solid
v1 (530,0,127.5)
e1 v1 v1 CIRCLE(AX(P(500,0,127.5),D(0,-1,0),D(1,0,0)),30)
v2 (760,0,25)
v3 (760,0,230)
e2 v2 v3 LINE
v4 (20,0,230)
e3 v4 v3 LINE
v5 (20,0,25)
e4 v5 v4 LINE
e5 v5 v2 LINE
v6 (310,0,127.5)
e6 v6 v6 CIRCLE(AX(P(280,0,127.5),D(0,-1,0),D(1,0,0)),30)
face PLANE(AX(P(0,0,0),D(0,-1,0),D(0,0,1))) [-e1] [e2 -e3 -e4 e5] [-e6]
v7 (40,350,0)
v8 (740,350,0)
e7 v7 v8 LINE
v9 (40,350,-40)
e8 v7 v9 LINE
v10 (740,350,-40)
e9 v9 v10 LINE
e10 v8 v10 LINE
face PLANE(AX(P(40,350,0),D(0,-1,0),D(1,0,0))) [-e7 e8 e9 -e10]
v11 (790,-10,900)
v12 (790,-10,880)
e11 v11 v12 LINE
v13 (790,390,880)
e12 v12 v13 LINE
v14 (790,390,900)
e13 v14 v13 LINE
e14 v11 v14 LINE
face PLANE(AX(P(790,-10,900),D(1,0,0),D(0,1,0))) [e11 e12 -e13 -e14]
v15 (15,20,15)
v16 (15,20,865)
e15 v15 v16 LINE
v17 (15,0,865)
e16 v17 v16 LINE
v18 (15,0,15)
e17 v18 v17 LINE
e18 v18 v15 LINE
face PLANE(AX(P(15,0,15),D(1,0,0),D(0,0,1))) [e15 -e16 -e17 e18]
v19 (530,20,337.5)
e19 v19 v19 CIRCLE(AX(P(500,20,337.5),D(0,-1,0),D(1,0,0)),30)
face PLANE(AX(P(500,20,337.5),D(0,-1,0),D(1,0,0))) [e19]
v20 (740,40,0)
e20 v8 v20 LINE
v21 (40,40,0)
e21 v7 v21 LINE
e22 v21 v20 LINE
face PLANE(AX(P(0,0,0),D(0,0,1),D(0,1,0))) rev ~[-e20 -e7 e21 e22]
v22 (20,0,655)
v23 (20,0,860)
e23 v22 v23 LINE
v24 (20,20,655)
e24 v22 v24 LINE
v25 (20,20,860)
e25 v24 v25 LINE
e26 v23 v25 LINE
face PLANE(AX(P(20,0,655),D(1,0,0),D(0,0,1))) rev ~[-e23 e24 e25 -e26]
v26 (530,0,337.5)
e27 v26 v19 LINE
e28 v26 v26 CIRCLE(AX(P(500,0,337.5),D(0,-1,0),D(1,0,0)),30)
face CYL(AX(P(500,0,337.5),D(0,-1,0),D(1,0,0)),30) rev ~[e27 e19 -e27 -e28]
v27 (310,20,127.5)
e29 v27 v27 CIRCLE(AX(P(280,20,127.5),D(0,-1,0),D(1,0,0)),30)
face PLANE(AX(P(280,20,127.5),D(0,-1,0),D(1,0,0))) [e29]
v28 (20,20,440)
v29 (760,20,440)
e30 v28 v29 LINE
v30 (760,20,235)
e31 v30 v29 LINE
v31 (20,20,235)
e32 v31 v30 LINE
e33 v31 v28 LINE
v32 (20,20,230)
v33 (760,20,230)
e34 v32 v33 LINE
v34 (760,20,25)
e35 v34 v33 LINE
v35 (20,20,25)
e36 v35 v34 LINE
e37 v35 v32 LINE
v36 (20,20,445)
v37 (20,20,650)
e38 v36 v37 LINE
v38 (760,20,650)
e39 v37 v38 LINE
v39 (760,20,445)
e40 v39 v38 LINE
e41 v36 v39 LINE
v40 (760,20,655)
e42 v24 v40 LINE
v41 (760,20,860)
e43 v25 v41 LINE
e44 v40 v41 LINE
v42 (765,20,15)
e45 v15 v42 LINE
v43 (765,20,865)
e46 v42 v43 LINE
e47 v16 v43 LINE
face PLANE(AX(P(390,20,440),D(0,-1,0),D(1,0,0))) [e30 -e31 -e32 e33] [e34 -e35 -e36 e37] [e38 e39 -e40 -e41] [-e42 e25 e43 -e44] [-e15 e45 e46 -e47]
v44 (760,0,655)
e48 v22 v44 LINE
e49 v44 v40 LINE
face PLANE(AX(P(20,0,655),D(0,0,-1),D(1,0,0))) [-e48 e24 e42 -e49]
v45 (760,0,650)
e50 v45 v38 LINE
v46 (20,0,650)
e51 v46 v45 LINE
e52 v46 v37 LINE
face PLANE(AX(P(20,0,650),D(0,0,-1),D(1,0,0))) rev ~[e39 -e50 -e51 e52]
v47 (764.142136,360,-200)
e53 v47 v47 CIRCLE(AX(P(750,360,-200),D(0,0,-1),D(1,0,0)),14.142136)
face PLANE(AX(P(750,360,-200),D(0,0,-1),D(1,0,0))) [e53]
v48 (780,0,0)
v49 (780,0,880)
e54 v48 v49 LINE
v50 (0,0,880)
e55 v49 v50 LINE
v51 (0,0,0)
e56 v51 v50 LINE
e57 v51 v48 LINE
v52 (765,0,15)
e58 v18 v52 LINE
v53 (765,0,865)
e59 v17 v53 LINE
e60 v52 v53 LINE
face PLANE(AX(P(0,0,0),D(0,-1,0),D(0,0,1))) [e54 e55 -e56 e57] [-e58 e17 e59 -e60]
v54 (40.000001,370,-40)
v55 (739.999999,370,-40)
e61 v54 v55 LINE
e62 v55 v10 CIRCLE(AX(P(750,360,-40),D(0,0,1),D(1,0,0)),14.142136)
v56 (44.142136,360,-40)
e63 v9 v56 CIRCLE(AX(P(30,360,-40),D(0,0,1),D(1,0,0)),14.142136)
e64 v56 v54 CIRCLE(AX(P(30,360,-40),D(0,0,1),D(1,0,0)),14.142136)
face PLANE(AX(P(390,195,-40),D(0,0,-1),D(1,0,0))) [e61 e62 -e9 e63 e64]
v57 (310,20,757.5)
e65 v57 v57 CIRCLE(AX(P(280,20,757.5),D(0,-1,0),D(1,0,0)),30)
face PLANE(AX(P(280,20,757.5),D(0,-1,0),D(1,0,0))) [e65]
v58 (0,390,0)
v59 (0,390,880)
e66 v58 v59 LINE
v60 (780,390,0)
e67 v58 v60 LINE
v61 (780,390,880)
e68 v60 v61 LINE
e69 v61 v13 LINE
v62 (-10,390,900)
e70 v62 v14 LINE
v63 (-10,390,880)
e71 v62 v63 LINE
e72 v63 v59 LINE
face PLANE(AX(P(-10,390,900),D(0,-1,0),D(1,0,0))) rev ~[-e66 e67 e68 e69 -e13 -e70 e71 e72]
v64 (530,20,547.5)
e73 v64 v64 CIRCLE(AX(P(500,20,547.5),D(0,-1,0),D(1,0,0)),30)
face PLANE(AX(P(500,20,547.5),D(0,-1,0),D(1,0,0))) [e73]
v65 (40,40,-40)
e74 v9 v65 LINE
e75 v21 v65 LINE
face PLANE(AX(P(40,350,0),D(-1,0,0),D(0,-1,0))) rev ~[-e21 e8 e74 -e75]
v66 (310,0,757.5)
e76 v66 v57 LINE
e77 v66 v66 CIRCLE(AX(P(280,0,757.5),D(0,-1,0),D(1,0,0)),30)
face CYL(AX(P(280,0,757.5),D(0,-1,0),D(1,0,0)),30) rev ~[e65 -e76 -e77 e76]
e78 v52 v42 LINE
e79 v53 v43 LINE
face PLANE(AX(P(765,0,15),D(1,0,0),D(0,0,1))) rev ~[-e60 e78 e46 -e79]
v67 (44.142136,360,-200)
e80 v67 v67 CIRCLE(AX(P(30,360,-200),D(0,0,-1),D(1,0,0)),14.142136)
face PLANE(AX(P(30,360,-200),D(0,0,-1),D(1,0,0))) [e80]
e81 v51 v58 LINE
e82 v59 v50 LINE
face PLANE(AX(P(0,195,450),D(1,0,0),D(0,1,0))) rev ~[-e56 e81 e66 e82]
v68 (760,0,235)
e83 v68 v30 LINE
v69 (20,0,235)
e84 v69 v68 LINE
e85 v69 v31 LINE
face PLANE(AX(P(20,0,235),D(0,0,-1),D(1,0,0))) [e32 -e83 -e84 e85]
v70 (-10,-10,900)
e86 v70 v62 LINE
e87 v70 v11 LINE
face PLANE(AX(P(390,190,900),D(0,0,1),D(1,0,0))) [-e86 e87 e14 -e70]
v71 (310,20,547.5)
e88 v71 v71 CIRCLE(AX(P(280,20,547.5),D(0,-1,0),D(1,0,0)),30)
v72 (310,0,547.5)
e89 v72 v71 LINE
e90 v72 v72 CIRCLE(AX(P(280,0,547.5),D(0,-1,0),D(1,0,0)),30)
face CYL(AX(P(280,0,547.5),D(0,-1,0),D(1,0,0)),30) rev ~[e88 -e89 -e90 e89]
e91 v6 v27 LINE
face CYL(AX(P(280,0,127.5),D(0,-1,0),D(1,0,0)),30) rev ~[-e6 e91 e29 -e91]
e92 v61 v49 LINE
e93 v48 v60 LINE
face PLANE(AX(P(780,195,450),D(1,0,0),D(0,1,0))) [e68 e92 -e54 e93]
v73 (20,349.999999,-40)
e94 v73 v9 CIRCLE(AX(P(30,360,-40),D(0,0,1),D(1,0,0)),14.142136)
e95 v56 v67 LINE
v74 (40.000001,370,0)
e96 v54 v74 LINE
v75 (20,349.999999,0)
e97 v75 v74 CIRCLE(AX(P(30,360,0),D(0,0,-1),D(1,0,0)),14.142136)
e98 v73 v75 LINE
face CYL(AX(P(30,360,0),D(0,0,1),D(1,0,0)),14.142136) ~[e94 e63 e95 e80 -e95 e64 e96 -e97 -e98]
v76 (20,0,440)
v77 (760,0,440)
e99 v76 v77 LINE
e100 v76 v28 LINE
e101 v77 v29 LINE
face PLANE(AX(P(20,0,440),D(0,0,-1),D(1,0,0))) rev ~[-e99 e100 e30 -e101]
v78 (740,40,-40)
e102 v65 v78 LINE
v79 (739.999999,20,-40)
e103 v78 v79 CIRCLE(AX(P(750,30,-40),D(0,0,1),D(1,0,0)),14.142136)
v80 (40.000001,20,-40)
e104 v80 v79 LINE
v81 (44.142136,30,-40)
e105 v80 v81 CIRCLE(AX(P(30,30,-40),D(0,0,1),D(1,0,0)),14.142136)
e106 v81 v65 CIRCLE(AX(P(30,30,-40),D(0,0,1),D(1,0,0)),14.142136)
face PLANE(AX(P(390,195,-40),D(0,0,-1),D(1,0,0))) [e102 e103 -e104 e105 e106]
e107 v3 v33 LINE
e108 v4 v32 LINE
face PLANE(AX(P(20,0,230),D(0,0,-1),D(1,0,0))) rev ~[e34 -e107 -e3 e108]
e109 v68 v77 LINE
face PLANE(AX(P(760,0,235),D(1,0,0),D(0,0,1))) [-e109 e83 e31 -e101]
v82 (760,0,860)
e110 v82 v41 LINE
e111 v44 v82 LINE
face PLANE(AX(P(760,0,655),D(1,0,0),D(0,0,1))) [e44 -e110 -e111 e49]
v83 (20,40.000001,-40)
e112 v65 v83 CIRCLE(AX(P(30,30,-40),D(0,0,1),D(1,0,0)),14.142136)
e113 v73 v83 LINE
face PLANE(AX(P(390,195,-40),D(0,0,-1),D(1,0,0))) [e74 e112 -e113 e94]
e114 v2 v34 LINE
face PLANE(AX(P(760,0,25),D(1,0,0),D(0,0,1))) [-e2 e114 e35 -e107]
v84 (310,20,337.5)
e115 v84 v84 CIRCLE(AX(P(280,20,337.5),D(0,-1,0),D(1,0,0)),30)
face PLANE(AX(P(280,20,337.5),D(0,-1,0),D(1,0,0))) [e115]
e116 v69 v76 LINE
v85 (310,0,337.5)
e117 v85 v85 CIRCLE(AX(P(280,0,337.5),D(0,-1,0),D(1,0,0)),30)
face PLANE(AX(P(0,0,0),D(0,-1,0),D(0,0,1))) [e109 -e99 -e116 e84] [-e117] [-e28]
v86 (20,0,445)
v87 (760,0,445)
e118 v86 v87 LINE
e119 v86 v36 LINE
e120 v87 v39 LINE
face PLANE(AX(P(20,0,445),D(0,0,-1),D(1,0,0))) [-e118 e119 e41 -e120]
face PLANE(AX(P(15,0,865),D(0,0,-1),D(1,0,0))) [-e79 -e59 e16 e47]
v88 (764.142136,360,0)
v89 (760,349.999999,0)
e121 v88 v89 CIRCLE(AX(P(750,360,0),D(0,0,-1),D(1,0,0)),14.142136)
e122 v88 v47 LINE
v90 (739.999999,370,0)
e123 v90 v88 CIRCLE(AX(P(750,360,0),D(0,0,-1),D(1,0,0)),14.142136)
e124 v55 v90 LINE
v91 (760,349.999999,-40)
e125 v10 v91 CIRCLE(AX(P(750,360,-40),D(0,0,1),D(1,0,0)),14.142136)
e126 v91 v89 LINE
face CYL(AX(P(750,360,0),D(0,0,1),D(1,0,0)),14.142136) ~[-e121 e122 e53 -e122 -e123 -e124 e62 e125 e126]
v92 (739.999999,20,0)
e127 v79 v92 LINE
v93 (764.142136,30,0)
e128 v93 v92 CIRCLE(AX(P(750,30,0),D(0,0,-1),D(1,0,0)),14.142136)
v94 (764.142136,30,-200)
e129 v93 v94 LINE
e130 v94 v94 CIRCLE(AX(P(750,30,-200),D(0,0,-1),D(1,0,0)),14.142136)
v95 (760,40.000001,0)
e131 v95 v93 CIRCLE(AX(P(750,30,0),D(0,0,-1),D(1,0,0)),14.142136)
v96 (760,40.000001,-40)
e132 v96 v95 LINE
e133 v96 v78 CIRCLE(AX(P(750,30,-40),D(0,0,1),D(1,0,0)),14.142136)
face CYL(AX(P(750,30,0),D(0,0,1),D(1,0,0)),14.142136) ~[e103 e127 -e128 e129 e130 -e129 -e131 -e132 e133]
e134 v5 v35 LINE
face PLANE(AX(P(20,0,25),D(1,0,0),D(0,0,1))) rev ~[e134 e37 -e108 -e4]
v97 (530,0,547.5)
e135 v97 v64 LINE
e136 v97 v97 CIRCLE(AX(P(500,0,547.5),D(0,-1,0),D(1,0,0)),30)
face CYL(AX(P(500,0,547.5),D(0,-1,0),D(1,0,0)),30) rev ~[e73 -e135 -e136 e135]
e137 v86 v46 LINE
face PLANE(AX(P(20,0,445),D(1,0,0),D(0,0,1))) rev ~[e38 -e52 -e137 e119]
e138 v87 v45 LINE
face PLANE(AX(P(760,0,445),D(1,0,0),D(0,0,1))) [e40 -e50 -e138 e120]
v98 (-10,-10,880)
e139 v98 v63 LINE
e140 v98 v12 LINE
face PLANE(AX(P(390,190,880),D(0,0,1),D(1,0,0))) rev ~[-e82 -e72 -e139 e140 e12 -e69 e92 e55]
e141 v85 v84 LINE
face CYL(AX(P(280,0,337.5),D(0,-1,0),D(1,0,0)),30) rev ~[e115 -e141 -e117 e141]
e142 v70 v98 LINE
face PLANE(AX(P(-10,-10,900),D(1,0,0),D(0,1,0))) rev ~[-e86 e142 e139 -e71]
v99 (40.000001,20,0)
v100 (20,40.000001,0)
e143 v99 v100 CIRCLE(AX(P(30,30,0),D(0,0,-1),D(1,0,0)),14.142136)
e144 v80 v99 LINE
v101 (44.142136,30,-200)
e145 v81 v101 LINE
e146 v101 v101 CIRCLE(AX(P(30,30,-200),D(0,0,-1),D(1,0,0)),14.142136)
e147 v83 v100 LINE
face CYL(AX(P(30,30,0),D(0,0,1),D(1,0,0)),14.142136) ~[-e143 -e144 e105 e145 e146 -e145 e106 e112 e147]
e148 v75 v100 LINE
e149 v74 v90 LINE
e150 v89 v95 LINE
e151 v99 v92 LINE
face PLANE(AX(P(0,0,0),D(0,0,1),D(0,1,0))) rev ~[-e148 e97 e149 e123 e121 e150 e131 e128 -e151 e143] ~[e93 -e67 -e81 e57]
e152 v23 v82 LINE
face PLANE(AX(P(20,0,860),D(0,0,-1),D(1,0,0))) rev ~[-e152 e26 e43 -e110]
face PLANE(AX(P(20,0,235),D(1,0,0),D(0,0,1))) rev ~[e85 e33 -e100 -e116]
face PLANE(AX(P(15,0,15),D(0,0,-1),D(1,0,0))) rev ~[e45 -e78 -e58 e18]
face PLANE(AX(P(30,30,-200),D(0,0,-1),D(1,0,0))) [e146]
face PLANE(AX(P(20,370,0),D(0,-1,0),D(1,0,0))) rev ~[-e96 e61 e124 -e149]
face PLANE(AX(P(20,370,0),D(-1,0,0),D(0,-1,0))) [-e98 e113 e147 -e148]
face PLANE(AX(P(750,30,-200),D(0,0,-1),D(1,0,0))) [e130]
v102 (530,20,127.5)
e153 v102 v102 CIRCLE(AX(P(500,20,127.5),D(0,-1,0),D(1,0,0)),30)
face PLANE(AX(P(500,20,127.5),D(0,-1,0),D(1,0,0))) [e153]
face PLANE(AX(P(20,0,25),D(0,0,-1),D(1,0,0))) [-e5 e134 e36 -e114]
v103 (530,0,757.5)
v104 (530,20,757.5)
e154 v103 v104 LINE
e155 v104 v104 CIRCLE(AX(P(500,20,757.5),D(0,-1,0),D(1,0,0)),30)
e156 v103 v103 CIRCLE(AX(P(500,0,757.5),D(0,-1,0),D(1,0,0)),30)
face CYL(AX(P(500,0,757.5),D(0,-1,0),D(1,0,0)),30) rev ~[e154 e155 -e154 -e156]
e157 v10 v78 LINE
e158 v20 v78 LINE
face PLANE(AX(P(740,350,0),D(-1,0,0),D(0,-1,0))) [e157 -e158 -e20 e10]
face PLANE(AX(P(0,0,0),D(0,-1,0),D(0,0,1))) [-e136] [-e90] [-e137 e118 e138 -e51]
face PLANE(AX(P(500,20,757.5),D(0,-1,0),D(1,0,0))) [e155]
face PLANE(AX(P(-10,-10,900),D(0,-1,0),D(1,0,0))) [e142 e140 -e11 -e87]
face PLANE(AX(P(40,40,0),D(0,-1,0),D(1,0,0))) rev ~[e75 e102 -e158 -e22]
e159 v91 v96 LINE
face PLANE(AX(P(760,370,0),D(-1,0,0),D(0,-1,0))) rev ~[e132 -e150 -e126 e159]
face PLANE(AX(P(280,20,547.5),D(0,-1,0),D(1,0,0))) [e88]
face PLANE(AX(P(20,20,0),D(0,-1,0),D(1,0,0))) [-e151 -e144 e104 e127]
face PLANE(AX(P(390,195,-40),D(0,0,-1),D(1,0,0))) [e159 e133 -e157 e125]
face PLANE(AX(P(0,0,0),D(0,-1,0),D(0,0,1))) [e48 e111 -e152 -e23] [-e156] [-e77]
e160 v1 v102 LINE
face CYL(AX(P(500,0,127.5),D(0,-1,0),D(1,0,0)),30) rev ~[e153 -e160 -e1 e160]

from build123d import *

# Parameters (mm, degrees)
F0_W     = 390
F0_H     = 900
F1_DEPTH = 780
F2_W     = 800
F2_H     = 400
F3_DEPTH = 20
F4_W     = 750
F4_H     = 850
F4_W_2   = 740
F4_H_2   = 205
F4_R     = 30
F5_DEPTH = 20
F6_W     = 740
F6_H     = 350
F6_W_2   = 700
F6_H_2   = 310
F7_DEPTH = 40
F8_R     = 14.142136
F9_DEPTH = 200


with BuildPart() as f1:
    # F0 (on Right) → F1 (new body)
    with BuildSketch(Plane.YZ):
        with Locations((195, 450)):
            Rectangle(F0_W, F0_H)
    extrude(amount=F1_DEPTH)

    # F2 (on face) → F3 (join)
    with BuildSketch(Plane.XY.offset(900)):
        with Locations((390, 190)):
            Rectangle(F2_W, F2_H)
    extrude(amount=-F3_DEPTH)

    # F4 (on face) → F5 (cut)
    with BuildSketch(Plane.XZ):
        with Locations((390, 440)):
            Rectangle(F4_W, F4_H)
        with Locations((390, 127.5)):
            Rectangle(F4_W_2, F4_H_2, mode=Mode.SUBTRACT)
        with Locations((390, 337.5)):
            Rectangle(F4_W_2, F4_H_2, mode=Mode.SUBTRACT)
        with Locations((390, 547.5)):
            Rectangle(F4_W_2, F4_H_2, mode=Mode.SUBTRACT)
        with Locations((390, 757.5)):
            Rectangle(F4_W_2, F4_H_2, mode=Mode.SUBTRACT)
        with Locations((280, 757.5)):
            Circle(F4_R)
        with Locations((500, 757.5)):
            Circle(F4_R)
        with Locations((280, 547.5)):
            Circle(F4_R)
        with Locations((500, 547.5)):
            Circle(F4_R)
        with Locations((280, 337.5)):
            Circle(F4_R)
        with Locations((500, 337.5)):
            Circle(F4_R)
        with Locations((280, 127.5)):
            Circle(F4_R)
        with Locations((500, 127.5)):
            Circle(F4_R)
    extrude(amount=-F5_DEPTH, mode=Mode.SUBTRACT)

    # F6 (on face) → F7 (join)
    with BuildSketch(Plane(origin=(0, 0, 0), x_dir=(1, 0, 0), z_dir=(0, 0, -1))):
        with Locations((390, -195)):
            Rectangle(F6_W, F6_H)
        with Locations((390, -195)):
            Rectangle(F6_W_2, F6_H_2, mode=Mode.SUBTRACT)
    extrude(amount=F7_DEPTH)

    # F8 (on face) → F9 (join)
    with BuildSketch(Plane(origin=(0, 0, 0), x_dir=(1, 0, 0), z_dir=(0, 0, -1))):
        with Locations((30, -30)):
            Circle(F8_R)
        with Locations((750, -30)):
            Circle(F8_R)
        with Locations((30, -360)):
            Circle(F8_R)
        with Locations((750, -360)):
            Circle(F8_R)
    extrude(amount=F9_DEPTH)


solid = f1.part
